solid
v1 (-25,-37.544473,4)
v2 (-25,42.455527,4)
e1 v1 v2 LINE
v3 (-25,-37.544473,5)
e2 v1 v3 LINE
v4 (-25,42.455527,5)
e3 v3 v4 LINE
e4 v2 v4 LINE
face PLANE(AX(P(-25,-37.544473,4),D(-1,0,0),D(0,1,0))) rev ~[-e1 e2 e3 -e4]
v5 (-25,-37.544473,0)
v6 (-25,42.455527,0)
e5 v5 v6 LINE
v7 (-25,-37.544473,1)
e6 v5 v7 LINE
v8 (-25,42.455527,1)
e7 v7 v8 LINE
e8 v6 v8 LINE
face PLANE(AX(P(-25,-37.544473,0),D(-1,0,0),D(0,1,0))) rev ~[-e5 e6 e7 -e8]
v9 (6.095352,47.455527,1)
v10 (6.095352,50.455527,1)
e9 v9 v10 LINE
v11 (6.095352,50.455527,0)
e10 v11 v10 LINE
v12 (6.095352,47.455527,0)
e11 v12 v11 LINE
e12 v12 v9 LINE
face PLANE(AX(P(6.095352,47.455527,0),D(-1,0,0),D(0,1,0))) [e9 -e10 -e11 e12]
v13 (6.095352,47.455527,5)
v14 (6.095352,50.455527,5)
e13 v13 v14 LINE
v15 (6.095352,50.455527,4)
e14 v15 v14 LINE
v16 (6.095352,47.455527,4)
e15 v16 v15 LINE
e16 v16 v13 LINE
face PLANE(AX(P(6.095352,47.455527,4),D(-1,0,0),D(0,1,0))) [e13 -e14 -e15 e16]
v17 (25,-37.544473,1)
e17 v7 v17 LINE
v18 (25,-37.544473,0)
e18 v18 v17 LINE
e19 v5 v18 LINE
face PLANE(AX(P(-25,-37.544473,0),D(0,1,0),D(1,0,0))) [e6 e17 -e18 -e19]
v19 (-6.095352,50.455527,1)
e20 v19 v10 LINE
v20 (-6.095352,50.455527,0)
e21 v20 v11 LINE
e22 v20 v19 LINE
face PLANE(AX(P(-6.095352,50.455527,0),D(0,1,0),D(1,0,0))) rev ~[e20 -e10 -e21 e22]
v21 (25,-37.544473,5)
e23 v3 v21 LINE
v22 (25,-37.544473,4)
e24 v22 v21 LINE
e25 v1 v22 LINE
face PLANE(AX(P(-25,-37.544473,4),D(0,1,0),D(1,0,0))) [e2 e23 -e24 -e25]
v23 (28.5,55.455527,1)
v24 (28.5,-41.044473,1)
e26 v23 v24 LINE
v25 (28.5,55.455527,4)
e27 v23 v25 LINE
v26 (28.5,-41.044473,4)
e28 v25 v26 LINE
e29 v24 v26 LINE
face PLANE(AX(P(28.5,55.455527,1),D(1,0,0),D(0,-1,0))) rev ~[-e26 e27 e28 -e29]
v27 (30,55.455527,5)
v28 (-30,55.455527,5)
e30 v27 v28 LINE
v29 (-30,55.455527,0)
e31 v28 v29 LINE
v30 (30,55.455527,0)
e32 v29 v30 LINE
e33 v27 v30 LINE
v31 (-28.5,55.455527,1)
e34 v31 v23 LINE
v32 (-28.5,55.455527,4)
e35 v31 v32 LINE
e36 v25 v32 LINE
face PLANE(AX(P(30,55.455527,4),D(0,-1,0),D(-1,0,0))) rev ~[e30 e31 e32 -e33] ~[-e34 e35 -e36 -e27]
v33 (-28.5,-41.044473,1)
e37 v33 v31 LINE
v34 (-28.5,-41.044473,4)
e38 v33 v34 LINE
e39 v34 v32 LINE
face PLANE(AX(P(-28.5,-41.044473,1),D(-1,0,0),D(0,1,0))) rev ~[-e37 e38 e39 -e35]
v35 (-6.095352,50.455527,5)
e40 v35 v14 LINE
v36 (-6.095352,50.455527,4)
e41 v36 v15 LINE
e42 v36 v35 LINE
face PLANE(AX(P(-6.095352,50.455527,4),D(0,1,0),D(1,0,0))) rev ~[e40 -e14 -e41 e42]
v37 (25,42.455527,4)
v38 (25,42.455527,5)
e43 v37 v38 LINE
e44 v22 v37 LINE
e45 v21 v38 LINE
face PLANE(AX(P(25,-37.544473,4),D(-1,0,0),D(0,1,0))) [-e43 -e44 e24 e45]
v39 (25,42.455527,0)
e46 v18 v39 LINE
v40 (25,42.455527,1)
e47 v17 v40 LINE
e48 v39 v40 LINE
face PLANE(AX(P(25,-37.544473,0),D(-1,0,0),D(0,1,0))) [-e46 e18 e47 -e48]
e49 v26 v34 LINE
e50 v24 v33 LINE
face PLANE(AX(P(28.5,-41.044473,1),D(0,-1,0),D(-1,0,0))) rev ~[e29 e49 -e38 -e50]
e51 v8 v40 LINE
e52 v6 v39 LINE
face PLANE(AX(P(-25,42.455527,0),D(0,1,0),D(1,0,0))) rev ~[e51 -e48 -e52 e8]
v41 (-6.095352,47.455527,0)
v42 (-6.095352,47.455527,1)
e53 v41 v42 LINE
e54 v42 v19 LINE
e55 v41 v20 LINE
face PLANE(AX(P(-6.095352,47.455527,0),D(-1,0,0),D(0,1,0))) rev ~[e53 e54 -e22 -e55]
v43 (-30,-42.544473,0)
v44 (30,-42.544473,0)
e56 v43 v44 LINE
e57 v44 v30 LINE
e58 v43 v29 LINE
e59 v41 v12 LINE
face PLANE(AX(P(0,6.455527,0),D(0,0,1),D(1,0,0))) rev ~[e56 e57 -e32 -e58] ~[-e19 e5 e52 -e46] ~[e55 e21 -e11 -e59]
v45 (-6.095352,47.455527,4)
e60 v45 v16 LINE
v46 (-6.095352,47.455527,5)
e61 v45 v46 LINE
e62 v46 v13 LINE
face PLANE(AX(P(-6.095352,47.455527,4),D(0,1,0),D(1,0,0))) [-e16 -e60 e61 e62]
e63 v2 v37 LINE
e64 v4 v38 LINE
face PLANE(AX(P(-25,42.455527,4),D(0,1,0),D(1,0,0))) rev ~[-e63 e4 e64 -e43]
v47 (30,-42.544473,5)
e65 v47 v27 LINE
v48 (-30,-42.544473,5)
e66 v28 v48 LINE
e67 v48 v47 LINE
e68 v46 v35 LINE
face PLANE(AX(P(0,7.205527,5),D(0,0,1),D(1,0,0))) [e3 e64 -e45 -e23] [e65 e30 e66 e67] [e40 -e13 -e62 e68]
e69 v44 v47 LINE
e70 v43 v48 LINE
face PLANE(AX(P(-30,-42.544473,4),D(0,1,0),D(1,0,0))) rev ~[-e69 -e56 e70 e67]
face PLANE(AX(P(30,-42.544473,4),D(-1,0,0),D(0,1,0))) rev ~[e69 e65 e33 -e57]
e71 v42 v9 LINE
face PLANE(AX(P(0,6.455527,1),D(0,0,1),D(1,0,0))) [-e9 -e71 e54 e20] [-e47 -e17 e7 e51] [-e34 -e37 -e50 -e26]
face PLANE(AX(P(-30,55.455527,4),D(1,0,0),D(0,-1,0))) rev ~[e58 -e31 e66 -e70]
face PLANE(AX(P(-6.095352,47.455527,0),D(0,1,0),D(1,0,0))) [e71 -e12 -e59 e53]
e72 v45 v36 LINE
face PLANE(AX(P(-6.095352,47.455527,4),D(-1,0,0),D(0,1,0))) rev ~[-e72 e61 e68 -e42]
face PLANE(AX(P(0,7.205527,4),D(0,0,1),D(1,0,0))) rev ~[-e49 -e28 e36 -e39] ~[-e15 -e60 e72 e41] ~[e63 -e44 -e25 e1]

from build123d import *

# Parameters (mm, degrees)
F0_W     = 60
F0_H     = 98
F0_W_2   = 50
F0_H_2   = 80
F0_W_3   = 12.190704
F0_H_3   = 3
F1_DEPTH = 1
F3_DEPTH = 3
F4_W     = 57
F4_H     = 96.5
F4_W_2   = 50
F4_H_2   = 80
F4_W_3   = 12.190704
F4_H_3   = 3
F5_DEPTH = 1


with BuildPart() as f1:
    # F0 (on Top) → F1 (new body)
    with BuildSketch(Plane.XY):
        with Locations((0, 6.455527)):
            Rectangle(F0_W, F0_H)
        with Locations((0, 2.455527)):
            Rectangle(F0_W_2, F0_H_2, mode=Mode.SUBTRACT)
        with Locations((0, 48.955527)):
            Rectangle(F0_W_3, F0_H_3, mode=Mode.SUBTRACT)
    extrude(amount=F1_DEPTH)

    # F2 (on face) → F3 (join)
    with BuildSketch(Plane.XY.offset(1)):
        Polygon((-28.5, 55.455527), (-30, 55.455527), (-30, -42.544473), (30, -42.544473), (30, 55.455527), (28.5, 55.455527), (28.5, -41.044473), (-28.5, -41.044473), align=None)
    extrude(amount=F3_DEPTH)

    # F4 (on face) → F5 (join)
    with BuildSketch(Plane.XY.offset(4)):
        with Locations((0, 7.205527)):
            Rectangle(F4_W, F4_H)
        with Locations((0, 2.455527)):
            Rectangle(F4_W_2, F4_H_2, mode=Mode.SUBTRACT)
        with Locations((0, 48.955527)):
            Rectangle(F4_W_3, F4_H_3, mode=Mode.SUBTRACT)
        Polygon((30, -42.544473), (30, 55.455527), (28.5, 55.455527), (28.5, -41.044473), (-28.5, -41.044473), (-28.5, 55.455527), (-30, 55.455527), (-30, -42.544473), align=None)
    extrude(amount=F5_DEPTH)


solid = f1.part
